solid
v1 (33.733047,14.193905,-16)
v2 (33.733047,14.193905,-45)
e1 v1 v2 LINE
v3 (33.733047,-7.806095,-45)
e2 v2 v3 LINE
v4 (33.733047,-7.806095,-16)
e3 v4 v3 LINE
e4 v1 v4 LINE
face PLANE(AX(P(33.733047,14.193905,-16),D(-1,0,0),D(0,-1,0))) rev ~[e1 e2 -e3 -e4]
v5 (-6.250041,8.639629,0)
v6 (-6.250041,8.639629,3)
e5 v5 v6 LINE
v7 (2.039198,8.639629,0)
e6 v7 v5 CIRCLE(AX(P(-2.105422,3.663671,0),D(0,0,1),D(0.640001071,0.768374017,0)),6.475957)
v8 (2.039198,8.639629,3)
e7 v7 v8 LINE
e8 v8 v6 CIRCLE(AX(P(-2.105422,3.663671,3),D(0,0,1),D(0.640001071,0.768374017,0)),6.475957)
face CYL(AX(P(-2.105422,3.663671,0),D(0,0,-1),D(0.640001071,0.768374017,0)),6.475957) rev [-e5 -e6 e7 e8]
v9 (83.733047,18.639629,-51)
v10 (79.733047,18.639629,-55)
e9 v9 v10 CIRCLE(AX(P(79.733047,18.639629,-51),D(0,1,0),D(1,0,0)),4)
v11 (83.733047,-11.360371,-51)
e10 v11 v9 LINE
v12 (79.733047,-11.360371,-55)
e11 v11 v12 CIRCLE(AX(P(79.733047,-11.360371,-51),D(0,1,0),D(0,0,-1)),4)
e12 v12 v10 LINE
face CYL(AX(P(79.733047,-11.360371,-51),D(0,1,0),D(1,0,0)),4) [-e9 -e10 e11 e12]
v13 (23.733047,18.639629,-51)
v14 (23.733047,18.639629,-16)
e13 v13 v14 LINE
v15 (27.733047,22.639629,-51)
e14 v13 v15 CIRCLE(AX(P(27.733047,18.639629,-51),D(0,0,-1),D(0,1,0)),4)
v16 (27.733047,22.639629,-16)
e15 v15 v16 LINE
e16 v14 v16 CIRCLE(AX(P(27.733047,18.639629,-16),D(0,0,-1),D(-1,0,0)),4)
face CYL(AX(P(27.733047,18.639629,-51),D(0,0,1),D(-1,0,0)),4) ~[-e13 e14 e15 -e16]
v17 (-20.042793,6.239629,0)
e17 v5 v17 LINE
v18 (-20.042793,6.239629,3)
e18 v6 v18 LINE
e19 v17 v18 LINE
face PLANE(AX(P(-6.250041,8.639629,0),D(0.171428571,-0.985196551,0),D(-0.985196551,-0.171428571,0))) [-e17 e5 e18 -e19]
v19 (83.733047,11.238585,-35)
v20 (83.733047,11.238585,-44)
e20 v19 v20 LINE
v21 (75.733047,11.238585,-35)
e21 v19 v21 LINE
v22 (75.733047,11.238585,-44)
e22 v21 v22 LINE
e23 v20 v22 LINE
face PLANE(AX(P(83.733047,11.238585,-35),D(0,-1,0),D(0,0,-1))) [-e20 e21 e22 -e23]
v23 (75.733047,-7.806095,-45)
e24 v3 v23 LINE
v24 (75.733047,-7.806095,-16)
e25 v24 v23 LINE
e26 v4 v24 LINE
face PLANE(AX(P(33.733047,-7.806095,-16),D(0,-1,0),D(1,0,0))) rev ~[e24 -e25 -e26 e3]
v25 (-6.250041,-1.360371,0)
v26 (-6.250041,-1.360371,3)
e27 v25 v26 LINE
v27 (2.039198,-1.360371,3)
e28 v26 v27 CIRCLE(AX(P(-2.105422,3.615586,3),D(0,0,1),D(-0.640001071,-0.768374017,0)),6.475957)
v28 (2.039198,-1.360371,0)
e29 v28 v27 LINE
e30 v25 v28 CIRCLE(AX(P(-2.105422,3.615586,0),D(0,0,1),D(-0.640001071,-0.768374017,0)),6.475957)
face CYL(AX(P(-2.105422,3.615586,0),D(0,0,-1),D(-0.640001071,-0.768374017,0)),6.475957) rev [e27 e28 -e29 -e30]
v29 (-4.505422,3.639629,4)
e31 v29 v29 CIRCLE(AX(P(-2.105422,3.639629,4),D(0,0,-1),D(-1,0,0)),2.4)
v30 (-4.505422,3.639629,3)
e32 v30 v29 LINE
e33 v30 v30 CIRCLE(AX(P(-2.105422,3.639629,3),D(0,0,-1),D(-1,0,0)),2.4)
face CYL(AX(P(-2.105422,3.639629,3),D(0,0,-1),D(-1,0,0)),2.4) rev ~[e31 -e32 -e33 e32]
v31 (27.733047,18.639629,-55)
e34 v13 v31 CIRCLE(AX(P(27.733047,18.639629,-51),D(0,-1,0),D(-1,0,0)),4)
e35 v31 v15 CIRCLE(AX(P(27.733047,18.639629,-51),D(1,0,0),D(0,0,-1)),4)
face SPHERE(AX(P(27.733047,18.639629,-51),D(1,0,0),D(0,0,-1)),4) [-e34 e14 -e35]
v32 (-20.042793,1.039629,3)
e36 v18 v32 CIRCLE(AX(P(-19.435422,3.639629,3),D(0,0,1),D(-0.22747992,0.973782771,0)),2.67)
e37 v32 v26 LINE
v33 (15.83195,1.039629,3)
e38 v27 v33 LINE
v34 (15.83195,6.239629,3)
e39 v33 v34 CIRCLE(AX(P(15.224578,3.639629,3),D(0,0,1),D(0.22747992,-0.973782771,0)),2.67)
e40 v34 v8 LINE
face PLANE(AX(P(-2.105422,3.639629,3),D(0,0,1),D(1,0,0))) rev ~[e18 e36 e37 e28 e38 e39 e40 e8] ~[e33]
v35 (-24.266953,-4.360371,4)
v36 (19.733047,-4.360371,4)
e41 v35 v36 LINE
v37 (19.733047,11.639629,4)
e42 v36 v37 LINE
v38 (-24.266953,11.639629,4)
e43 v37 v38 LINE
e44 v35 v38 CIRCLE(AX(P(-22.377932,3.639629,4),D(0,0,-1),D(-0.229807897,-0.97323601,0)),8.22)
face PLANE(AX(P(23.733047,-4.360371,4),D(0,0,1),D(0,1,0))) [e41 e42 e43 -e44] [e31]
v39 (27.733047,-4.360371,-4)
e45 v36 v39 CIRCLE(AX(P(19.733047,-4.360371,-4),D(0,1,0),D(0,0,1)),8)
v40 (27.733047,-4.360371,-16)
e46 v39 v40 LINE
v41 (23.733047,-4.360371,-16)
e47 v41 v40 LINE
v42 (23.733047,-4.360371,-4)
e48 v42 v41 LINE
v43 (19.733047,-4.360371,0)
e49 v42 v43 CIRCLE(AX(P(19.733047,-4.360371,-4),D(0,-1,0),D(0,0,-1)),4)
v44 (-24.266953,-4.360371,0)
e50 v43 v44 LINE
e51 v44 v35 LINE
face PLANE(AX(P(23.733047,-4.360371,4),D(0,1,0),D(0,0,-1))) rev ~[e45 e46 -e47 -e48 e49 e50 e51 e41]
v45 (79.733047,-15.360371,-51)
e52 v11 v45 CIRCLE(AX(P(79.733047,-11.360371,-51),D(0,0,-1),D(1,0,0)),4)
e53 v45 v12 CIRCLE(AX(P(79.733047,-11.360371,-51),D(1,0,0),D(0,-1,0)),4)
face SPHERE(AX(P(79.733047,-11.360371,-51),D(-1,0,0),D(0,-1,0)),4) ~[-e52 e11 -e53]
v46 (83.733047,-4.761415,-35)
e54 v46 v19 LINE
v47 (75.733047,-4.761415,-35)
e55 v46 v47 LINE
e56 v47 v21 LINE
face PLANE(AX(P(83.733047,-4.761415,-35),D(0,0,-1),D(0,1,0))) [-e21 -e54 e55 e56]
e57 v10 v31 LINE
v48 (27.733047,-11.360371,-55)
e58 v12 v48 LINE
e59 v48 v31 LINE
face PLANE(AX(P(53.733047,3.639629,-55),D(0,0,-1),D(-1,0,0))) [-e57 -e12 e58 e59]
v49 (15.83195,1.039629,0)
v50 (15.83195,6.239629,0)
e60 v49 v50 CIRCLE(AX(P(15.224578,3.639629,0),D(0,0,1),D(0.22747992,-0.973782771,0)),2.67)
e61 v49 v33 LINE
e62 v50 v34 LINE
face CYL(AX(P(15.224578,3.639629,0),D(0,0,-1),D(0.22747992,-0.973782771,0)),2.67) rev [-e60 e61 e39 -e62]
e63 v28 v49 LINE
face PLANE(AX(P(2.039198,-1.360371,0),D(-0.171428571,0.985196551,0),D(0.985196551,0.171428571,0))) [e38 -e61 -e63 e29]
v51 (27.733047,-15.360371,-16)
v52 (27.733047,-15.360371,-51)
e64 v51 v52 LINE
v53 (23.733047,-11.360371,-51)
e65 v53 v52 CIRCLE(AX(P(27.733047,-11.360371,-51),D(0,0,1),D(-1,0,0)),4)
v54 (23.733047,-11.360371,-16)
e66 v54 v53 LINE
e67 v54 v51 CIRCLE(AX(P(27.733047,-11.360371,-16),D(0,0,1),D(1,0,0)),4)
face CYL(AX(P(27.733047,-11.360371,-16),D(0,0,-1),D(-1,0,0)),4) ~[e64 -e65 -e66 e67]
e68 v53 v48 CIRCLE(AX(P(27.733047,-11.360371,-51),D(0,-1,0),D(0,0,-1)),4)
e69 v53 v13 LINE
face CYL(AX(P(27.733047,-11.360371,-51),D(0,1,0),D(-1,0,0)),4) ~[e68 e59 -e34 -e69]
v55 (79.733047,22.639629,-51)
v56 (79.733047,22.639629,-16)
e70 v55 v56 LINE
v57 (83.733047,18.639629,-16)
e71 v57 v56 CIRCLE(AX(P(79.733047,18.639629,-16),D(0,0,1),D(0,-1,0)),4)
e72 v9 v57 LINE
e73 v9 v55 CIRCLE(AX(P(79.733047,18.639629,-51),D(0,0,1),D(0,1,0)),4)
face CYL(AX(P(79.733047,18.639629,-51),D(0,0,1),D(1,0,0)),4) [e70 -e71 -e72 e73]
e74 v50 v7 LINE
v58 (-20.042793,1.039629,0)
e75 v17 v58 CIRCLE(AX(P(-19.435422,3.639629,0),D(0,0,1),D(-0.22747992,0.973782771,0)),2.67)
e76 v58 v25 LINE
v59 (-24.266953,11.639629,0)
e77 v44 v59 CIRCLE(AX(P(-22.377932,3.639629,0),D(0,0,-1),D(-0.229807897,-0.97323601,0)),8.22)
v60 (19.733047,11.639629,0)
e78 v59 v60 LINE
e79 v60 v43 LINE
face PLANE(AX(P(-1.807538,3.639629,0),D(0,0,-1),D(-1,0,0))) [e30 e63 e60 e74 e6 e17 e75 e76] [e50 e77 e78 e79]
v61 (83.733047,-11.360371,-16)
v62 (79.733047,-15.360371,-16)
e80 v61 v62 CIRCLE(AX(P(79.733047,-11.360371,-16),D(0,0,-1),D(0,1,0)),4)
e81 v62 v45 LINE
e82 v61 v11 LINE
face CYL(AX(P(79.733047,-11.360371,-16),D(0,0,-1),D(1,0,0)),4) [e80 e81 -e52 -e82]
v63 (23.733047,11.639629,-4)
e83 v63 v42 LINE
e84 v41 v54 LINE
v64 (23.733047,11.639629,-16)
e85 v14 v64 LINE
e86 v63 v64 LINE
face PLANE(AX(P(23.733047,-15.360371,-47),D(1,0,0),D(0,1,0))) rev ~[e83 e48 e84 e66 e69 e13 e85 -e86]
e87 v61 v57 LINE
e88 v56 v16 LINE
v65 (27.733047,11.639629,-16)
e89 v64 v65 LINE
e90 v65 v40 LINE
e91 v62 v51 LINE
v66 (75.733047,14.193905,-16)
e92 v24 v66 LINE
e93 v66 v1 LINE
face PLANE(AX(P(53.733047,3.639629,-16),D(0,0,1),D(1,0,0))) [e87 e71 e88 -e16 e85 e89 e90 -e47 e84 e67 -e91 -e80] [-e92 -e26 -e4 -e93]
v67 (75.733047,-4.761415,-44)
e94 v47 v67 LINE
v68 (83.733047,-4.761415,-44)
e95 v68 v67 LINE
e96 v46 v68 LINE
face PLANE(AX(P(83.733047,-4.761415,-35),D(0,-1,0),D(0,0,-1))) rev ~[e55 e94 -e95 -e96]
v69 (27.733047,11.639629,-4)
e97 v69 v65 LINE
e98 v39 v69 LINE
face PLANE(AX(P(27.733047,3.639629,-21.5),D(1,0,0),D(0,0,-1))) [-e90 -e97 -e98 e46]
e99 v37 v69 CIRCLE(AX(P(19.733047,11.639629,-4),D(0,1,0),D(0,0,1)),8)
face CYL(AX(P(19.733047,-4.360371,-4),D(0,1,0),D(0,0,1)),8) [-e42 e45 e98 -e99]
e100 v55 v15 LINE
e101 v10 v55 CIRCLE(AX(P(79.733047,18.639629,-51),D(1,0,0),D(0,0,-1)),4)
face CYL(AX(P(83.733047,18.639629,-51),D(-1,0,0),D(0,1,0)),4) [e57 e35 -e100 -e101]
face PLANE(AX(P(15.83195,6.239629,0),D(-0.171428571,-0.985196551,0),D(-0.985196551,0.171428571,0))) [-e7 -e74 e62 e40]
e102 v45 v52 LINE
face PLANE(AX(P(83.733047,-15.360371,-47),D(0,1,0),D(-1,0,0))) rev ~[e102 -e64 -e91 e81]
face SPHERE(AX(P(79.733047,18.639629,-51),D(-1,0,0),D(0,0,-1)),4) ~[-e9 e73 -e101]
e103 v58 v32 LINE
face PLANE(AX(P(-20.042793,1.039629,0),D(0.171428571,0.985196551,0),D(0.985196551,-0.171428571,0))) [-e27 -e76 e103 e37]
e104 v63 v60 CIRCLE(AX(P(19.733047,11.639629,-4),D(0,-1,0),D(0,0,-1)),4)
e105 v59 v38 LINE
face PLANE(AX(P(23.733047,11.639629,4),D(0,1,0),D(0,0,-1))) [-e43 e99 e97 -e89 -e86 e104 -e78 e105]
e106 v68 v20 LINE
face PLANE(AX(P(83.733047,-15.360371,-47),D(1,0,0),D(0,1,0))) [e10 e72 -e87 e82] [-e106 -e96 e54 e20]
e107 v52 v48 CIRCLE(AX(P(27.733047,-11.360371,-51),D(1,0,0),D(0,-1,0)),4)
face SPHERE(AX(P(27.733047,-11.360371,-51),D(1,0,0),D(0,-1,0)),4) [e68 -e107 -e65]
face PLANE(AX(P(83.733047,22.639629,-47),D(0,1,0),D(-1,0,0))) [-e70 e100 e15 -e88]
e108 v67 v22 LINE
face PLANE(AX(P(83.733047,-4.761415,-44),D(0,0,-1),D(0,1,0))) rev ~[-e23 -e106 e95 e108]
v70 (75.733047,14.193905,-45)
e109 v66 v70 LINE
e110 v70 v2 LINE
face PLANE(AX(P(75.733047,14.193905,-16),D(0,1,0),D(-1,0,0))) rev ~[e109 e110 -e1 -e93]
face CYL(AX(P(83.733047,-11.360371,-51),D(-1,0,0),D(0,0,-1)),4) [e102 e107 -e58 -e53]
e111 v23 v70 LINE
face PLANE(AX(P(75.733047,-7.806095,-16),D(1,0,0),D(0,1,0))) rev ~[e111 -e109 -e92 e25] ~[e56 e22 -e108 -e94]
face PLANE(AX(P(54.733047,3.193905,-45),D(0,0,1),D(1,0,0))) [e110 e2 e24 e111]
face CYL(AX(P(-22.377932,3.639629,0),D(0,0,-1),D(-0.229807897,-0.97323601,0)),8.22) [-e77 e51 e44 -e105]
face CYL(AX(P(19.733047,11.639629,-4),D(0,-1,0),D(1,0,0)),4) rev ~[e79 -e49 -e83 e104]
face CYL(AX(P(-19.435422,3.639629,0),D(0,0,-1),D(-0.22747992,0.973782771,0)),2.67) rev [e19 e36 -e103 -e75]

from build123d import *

# Parameters (mm, degrees)
BOSS_EXTRUDE1_DEPTH  = 4
CUT_EXTRUDE1_DEPTH   = 3
SKETCH5_W            = 51
SKETCH5_H            = 16
BOSS_EXTRUDE2_DEPTH  = 4
BOSS_EXTRUDE15_DEPTH = 31
SKETCH20_R           = 2.4
CUT_EXTRUDE26_DEPTH  = 1
FILLET8_R            = 4
FILLET12_R           = 8
CUT_EXTRUDE_8_DEPTH  = 29
SKETCH_8_W           = 9
SKETCH_8_H           = 16
CUT_EXTRUDE_10_DEPTH = 8
SKETCH_10_W          = 60
SKETCH_10_H          = 38
EXTRUDE_2_DEPTH      = 8
FILLET_3_R           = 4
FILLET_4_R           = 4
FILLET_5_R           = 4
FILLET_6_R           = 4


with BuildPart() as part:
    # Sketch2 → Boss-Extrude1 (new body)
    with BuildSketch(Plane.XY):
        with BuildLine():
            Line((23.733047461, 11.63962887), (23.733047461, -4.36037113))
            Line((23.733047461, -4.36037113), (-24.266952539, -4.36037113))
            ThreePointArc((-24.266952539, -4.36037113), (-30.597931628, 3.63962887), (-24.266952539, 11.63962887))
            Line((-24.266952539, 11.63962887), (23.733047461, 11.63962887))
        make_face()
    extrude(amount=BOSS_EXTRUDE1_DEPTH)

    # Sketch1 → Cut-Extrude1 (cut)
    with BuildSketch(Plane.XY):
        with BuildLine():
            Line((-6.25004119, 8.63962887), (-20.04279291, 6.23962887))
            ThreePointArc((-20.04279291, 6.23962887), (-22.105421524, 3.63962887), (-20.04279291, 1.03962887))
            Line((-20.04279291, 1.03962887), (-6.25004119, -1.36037113))
            ThreePointArc((-6.25004119, -1.36037113), (-2.105421524, -2.86037113), (2.039198142, -1.36037113))
            Line((2.039198142, -1.36037113), (15.831949862, 1.03962887))
            ThreePointArc((15.831949862, 1.03962887), (17.894578476, 3.63962887), (15.831949862, 6.23962887))
            Line((15.831949862, 6.23962887), (2.039198142, 8.63962887))
            ThreePointArc((2.039198142, 8.63962887), (-2.105421524, 10.13962887), (-6.25004119, 8.63962887))
        make_face()
    extrude(amount=CUT_EXTRUDE1_DEPTH, mode=Mode.SUBTRACT)

    # Sketch5 → Boss-Extrude2 (add)
    with BuildSketch(Plane(origin=(23.733047461, 0, 0), x_dir=(0, 0, -1), z_dir=(1, 0, 0))):
        with Locations((21.5, 3.63962887)):
            Rectangle(SKETCH5_W, SKETCH5_H)
    extrude(amount=BOSS_EXTRUDE2_DEPTH)

    # Sketch6 → Boss-Extrude15 (add)
    with BuildSketch(Plane(origin=(0, 0, -47), x_dir=(-1, 0, 0), z_dir=(0, 0, -1))):
        Polygon((-30.946192459, -15.36037113), (-83.733047461, -15.36037113), (-83.733047461, 22.63962887), (-23.733047461, 22.63962887), (-23.733047461, -15.36037113), align=None)
    extrude(amount=-BOSS_EXTRUDE15_DEPTH)

    # Sketch20 → Cut-Extrude26 (cut)
    with BuildSketch(Plane(origin=(0, 0, 3), x_dir=(-1, 0, 0), z_dir=(0, 0, -1))):
        with Locations((2.105421524, 3.63962887)):
            Circle(SKETCH20_R)
    extrude(amount=-CUT_EXTRUDE26_DEPTH, mode=Mode.SUBTRACT)

    # Fillet8
    fillet8_edges = [part.edges().sort_by_distance(p)[0] for p in [
        (23.733047461, 3.63962887, 0),
    ]]
    fillet(fillet8_edges, radius=FILLET8_R)

    # Fillet12
    fillet12_edges = [part.edges().sort_by_distance(p)[0] for p in [
        (27.733047461, 3.63962887, 4),
    ]]
    fillet(fillet12_edges, radius=FILLET12_R)

    # 草圖5 → 除料-伸長8 (cut)
    with BuildSketch(Plane.XY.offset(-16)):
        Polygon((75.733047461, -7.806095257), (75.733047461, 14.193904743), (33.733047461, 14.193904743), (33.733047461, 3.193904743), (33.733047461, -7.806095257), align=None)
    extrude(amount=-CUT_EXTRUDE_8_DEPTH, mode=Mode.SUBTRACT)

    # 草圖8 → 除料-伸長10 (cut)
    with BuildSketch(Plane(origin=(83.733047461, 0, 0), x_dir=(0, 0, -1), z_dir=(1, 0, 0))):
        with Locations((39.5, 3.238584995)):
            Rectangle(SKETCH_8_W, SKETCH_8_H)
    extrude(amount=-CUT_EXTRUDE_10_DEPTH, mode=Mode.SUBTRACT)

    # 草圖10 → 填料-伸長2 (add)
    with BuildSketch(Plane(origin=(0, 0, -47), x_dir=(-1, 0, 0), z_dir=(0, 0, -1))):
        with Locations((-53.733047461, 3.63962887)):
            Rectangle(SKETCH_10_W, SKETCH_10_H)
    extrude(amount=EXTRUDE_2_DEPTH)

    # 圓角3
    fillet_3_edges = [part.edges().sort_by_distance(p)[0] for p in [
        (53.733047461, 22.63962887, -55),
    ]]
    fillet(fillet_3_edges, radius=FILLET_3_R)

    # 圓角4
    fillet_4_edges = [part.edges().sort_by_distance(p)[0] for p in [
        (53.733047461, -15.36037113, -55),
    ]]
    fillet(fillet_4_edges, radius=FILLET_4_R)

    # 圓角5
    fillet_5_edges = [part.edges().sort_by_distance(p)[0] for p in [
        (83.733047461, 22.63962887, -33.5),
    ]]
    fillet(fillet_5_edges, radius=FILLET_5_R)

    # 圓角6
    fillet_6_edges = [part.edges().sort_by_distance(p)[0] for p in [
        (23.733047461, -15.36037113, -33.5),
    ]]
    fillet(fillet_6_edges, radius=FILLET_6_R)


solid = part.part
